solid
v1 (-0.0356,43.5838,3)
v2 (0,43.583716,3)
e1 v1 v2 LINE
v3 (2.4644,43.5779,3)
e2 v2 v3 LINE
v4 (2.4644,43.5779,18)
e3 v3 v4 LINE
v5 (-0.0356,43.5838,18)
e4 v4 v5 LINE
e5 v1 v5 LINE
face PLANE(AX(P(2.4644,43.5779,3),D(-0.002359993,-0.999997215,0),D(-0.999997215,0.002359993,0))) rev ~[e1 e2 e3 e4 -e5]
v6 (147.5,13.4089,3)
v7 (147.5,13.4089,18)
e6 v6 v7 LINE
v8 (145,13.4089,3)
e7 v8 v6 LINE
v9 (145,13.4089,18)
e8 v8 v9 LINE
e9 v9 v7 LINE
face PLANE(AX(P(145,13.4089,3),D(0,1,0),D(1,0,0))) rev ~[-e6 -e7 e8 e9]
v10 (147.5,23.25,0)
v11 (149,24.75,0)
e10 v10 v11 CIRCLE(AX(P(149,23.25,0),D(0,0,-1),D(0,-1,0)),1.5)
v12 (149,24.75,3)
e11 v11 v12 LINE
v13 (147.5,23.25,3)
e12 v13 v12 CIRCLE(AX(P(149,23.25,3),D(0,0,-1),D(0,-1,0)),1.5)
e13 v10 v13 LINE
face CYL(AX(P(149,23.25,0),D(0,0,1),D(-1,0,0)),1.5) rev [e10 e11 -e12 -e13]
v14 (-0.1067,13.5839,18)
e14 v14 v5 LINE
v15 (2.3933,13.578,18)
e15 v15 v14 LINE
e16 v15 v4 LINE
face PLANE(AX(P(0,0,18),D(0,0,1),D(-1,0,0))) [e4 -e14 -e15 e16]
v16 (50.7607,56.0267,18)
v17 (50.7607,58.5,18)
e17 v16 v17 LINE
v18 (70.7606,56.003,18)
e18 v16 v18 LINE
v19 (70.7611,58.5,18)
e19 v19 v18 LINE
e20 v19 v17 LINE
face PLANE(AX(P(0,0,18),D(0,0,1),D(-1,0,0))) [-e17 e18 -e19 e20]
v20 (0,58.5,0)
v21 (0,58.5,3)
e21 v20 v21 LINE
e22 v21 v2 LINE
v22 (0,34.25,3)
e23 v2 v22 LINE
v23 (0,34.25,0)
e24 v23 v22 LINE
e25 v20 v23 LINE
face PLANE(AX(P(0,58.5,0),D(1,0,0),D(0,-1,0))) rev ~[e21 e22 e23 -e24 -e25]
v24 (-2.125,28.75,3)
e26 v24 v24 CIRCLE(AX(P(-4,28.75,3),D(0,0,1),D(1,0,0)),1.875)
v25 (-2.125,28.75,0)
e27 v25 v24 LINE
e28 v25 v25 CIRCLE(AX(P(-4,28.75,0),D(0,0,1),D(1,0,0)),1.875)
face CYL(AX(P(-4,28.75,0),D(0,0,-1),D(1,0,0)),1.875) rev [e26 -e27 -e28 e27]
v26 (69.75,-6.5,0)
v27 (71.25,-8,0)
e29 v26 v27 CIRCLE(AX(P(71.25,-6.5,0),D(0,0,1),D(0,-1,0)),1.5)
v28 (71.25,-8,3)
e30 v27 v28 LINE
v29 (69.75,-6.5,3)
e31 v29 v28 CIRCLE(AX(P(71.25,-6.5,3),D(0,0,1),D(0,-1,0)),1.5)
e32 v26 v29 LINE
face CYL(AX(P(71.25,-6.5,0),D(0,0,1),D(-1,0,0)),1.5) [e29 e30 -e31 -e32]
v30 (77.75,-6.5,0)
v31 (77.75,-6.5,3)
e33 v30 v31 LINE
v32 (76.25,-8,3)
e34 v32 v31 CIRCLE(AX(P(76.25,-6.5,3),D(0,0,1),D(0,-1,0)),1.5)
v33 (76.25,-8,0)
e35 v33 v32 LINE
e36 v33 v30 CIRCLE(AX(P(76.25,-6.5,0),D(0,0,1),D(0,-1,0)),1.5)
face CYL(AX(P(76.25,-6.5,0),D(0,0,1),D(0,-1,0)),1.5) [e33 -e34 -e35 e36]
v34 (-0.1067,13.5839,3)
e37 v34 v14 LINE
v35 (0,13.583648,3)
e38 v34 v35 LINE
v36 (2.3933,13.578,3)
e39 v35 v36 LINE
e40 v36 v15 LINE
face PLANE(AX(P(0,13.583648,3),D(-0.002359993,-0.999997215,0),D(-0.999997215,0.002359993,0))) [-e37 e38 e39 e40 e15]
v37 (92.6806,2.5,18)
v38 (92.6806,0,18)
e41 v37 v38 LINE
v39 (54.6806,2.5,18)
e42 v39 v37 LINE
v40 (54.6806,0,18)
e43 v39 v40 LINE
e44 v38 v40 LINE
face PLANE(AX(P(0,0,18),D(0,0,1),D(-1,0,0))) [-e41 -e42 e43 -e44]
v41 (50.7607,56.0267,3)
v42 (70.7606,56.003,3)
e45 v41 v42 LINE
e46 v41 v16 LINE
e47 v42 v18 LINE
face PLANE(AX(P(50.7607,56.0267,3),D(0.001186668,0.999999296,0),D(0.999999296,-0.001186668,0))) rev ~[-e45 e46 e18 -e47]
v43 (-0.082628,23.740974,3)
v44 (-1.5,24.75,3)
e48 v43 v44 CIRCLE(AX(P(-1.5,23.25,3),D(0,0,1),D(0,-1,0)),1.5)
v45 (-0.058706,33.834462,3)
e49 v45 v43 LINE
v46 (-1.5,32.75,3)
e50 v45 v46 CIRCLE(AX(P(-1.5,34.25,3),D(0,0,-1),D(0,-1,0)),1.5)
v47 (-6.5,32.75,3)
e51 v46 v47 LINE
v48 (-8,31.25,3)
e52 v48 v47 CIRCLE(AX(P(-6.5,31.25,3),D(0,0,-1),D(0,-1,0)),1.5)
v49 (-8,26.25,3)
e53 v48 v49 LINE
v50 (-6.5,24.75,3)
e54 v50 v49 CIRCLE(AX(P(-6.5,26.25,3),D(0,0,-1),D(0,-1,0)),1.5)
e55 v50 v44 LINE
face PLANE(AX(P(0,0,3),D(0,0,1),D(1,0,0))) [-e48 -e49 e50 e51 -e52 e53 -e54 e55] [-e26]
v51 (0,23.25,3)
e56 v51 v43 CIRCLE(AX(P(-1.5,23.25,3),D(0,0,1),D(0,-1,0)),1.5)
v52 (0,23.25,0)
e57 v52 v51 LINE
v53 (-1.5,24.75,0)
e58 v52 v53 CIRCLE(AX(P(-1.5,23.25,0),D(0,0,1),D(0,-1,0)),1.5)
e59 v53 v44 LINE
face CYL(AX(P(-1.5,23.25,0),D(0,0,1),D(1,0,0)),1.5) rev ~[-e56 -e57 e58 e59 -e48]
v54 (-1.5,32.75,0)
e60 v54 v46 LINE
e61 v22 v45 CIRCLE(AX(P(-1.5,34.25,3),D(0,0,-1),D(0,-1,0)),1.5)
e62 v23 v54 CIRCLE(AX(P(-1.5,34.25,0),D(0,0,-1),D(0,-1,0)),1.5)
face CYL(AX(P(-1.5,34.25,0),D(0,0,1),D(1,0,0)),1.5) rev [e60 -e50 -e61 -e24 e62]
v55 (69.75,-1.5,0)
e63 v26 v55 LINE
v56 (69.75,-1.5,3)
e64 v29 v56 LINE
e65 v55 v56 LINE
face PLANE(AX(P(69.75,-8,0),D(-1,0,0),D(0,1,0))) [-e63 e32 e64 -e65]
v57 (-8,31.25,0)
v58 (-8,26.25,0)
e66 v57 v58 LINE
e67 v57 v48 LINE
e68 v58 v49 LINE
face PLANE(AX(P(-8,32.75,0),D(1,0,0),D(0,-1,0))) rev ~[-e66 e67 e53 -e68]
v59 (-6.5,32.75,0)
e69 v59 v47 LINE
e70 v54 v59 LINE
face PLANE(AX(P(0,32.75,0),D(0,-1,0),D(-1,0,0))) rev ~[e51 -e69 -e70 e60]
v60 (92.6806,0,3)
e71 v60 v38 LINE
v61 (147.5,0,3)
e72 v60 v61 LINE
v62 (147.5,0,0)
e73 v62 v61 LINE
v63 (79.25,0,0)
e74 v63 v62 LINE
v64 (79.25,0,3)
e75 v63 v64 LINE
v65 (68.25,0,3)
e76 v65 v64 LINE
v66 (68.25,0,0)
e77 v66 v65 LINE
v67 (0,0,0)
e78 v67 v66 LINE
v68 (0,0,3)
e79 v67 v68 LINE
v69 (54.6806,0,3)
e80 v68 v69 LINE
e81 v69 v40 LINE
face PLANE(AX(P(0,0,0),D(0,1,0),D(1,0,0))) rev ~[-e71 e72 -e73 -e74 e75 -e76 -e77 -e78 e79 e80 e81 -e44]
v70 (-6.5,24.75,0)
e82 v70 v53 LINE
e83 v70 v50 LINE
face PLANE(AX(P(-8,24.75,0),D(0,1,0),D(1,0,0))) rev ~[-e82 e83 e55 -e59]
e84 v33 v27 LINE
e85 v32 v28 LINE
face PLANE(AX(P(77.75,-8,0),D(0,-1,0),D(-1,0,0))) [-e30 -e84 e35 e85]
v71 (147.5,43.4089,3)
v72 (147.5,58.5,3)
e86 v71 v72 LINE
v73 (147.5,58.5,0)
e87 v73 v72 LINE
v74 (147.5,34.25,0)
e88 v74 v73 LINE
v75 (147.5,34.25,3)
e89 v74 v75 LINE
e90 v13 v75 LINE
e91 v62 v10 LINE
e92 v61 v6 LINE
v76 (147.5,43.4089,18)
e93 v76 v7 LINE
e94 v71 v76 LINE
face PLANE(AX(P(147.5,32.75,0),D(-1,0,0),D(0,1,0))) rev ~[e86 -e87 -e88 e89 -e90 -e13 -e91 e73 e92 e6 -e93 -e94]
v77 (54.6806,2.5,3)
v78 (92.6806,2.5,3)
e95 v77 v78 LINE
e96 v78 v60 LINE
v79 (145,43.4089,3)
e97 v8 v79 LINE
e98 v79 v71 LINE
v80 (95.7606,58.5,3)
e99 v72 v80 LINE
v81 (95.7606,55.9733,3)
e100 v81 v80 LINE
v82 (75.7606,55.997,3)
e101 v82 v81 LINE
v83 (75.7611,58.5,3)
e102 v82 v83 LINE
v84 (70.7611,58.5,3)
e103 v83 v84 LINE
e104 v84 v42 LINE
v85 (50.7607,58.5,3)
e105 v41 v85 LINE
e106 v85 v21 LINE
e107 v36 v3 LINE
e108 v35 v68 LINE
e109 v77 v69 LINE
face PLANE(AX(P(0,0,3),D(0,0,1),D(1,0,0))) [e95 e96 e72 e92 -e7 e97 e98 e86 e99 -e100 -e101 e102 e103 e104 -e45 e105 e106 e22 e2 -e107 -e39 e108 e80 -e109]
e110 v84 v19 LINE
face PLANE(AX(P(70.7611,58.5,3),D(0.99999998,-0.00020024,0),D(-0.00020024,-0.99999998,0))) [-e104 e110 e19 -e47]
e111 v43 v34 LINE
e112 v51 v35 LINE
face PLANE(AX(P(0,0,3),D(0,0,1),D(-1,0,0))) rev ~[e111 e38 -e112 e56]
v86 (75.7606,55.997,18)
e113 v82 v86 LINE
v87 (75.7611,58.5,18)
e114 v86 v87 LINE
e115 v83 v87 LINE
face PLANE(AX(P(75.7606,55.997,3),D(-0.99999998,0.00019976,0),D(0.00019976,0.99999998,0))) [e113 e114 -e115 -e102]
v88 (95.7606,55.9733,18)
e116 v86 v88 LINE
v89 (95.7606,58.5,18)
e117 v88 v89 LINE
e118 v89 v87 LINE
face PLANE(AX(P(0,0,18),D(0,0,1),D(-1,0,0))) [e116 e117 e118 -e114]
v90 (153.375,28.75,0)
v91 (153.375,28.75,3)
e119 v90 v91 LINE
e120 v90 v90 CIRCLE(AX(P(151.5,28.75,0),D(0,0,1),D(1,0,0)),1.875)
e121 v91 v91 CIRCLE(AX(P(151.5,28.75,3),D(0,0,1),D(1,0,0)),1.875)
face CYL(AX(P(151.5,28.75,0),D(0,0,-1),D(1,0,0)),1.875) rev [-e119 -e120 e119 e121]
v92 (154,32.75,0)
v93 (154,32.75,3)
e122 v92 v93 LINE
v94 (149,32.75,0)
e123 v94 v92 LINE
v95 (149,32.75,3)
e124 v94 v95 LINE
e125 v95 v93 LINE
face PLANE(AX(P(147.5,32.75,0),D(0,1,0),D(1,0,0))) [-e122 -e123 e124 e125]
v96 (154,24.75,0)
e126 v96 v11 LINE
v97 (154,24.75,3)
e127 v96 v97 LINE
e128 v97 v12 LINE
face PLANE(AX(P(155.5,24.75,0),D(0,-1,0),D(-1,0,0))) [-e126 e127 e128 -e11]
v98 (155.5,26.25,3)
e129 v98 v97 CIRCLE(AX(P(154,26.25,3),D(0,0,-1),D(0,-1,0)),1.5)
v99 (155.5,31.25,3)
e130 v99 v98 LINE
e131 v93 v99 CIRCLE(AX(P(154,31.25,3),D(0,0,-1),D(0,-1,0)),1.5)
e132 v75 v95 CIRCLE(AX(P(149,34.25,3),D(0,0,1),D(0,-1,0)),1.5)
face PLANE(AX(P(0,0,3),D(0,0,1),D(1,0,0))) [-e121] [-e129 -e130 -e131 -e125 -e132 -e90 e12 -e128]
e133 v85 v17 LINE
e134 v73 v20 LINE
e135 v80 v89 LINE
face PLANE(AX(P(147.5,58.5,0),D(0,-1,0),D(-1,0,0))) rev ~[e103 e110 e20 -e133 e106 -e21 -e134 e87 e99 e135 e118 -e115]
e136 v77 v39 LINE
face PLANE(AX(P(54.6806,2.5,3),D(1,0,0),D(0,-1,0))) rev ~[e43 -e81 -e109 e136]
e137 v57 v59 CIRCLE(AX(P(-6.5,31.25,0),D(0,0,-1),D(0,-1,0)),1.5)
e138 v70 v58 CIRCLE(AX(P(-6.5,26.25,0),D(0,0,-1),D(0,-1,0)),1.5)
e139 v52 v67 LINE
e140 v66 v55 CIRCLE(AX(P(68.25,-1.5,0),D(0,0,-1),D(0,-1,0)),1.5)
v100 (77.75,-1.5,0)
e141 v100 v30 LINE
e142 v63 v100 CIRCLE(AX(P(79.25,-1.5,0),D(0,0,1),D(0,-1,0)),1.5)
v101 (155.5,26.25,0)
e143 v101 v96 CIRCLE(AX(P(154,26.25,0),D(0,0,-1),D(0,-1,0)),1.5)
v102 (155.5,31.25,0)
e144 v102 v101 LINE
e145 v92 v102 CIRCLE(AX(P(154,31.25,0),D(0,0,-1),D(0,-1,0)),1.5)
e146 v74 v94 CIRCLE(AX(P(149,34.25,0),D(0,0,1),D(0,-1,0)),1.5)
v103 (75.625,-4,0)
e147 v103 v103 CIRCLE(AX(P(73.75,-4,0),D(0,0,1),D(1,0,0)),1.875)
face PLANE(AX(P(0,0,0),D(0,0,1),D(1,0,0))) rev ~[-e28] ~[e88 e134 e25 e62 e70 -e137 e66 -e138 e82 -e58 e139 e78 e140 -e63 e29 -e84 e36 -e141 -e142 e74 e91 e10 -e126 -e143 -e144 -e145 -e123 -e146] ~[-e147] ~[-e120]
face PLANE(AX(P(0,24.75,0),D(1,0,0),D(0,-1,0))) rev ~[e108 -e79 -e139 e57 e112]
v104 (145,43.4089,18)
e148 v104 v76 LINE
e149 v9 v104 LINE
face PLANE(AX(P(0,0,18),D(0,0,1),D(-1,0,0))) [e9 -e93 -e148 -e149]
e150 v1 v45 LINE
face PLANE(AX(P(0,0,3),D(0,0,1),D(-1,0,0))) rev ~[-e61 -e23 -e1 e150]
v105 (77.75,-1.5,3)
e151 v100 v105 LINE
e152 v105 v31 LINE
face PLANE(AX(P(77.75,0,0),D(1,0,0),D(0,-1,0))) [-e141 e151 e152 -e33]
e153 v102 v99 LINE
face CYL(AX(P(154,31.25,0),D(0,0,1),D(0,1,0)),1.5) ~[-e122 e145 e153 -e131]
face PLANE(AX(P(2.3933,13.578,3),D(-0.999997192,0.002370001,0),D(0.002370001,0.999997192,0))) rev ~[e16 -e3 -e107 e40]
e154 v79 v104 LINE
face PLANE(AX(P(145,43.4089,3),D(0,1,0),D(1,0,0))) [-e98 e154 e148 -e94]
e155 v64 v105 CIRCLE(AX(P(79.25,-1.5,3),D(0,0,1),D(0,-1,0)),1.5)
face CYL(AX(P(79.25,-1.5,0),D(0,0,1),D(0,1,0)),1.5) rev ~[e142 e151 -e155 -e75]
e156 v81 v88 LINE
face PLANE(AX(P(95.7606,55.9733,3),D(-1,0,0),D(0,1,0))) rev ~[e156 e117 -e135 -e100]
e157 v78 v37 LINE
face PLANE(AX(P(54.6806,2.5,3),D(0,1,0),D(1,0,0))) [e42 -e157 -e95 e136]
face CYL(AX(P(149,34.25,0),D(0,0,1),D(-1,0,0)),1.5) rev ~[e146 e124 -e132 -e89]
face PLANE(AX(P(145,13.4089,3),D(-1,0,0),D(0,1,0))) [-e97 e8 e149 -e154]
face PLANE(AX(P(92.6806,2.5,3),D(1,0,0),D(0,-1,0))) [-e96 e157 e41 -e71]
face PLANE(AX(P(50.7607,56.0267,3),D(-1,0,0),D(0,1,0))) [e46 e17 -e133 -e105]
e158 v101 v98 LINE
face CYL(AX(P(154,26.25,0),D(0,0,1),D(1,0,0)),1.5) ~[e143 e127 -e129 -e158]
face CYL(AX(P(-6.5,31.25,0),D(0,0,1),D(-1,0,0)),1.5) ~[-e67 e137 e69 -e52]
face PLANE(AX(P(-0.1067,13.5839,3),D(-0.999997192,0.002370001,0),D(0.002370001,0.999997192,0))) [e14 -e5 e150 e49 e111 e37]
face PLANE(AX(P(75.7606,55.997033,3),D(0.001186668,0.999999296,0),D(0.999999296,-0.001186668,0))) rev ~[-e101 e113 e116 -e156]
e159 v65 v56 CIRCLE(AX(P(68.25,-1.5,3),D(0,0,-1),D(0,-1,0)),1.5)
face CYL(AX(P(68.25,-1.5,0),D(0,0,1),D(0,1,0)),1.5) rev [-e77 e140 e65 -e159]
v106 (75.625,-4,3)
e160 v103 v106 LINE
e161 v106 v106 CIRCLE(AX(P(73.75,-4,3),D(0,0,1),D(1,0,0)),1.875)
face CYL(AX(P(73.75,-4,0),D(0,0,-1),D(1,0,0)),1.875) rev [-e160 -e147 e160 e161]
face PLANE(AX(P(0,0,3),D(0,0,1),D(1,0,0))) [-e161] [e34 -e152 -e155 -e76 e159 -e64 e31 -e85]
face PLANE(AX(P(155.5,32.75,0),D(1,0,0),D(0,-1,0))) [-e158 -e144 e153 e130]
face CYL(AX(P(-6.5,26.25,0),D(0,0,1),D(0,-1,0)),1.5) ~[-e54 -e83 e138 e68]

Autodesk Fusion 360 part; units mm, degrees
sketch "Sketch2" plane through (0, 0, 0) normal (0, 0, 1) x (1, 0, 0)
  line L0 (0, 0) -> (147.5, 0)
  line L1 (147.5, 0) -> (147.5, 58.5)
  line L2 (147.5, 58.5) -> (0, 58.5)
  line L3 (0, 58.5) -> (0, 0)
  line L4 (69.75, 0) -> (77.75, 0)
  line L5 (77.75, 0) -> (77.75, -8)
  line L6 (77.75, -8) -> (69.75, -8)
  line L7 (69.75, -8) -> (69.75, 0)
  line L8 (147.5, 24.75) -> (147.5, 32.75)
  line L9 (147.5, 32.75) -> (155.5, 32.75)
  line L10 (155.5, 32.75) -> (155.5, 24.75)
  line L11 (155.5, 24.75) -> (147.5, 24.75)
  line L12 (73.75, 58.5) -> (73.75, 0) construction
  line L13 (147.5, 28.75) -> (155.5, 28.75) construction
  line L14 (151.5, 32.75) -> (151.5, 24.75) construction
  circle A0 centre (151.5, 28.75) radius 1.875
  line L15 (-8, 24.75) -> (0, 24.75)
  line L16 (-8, 32.75) -> (-8, 24.75)
  line L17 (0, 32.75) -> (-8, 32.75)
  circle A1 centre (-4, 28.75) radius 1.875
  line L18 (69.75, -4) -> (77.75, -4) construction
  line L19 (73.75, 0) -> (73.75, -8) construction
  circle A2 centre (73.75, -4) radius 1.875
  point P0 (73.75, 0)
  point P1 (147.5, 28.75)
  point P2 (-8, 28.75)
  dimension "d8" = 147.5
  dimension "d9" = 58.5
  dimension "d12" = 8
  dimension "d13" = 8
  dimension "d14" = 8
  dimension "d15" = 8
  dimension "d16" = 8
  dimension "d17" = 3.75
  dimension "d18" = 3.75
extrude "Extrude1" add sketch "Sketch2" along normal blind 3
fillet "Fillet1" radius 1.5 12 edges at (77.75, 0, 1.5) (77.75, -8, 1.5) (69.75, -8, 1.5) (69.75, 0, 1.5) (0, 24.75, 1.5) (-8, 24.75, 1.5) (-8, 32.75, 1.5) (0, 32.75, 1.5) (155.5, 32.75, 1.5) (147.5, 32.75, 1.5) (147.5, 24.75, 1.5) (155.5, 24.75, 1.5)
sketch "Sketch3" plane through (0, 0, 3) normal (0, 0, 1) x (-1, 0, 0)
  arc A0 (-154, -24.75) -> (-155.5, -26.25) centre (-154, -26.25) ccw
  line L0 (-155.5, -26.25) -> (-155.5, -31.25)
  arc A1 (-155.5, -31.25) -> (-154, -32.75) centre (-154, -31.25) ccw
  line L1 (-154, -32.75) -> (-149, -32.75)
  arc A2 (-147.5, -34.25) -> (-149, -32.75) centre (-149, -34.25) ccw
  line L2 (-147.5, -34.25) -> (-147.5, -58.5)
  line L3 (-147.5, -58.5) -> (0, -58.5)
  line L4 (0, -58.5) -> (0, -34.25)
  arc A3 (1.5, -32.75) -> (0, -34.25) centre (1.5, -34.25) ccw
  line L5 (1.5, -32.75) -> (6.5, -32.75)
  arc A4 (6.5, -32.75) -> (8, -31.25) centre (6.5, -31.25) ccw
  line L6 (8, -31.25) -> (8, -26.25)
  arc A5 (8, -26.25) -> (6.5, -24.75) centre (6.5, -26.25) ccw
  line L7 (6.5, -24.75) -> (1.5, -24.75)
  arc A6 (0, -23.25) -> (1.5, -24.75) centre (1.5, -23.25) ccw
  line L8 (0, -23.25) -> (0, 0)
  line L9 (0, 0) -> (-68.25, 0)
  arc A7 (-69.75, 1.5) -> (-68.25, 0) centre (-68.25, 1.5) ccw
  line L10 (-69.75, 1.5) -> (-69.75, 6.5)
  arc A8 (-69.75, 6.5) -> (-71.25, 8) centre (-71.25, 6.5) ccw
  line L11 (-71.25, 8) -> (-76.25, 8)
  arc A9 (-76.25, 8) -> (-77.75, 6.5) centre (-76.25, 6.5) ccw
  line L12 (-77.75, 6.5) -> (-77.75, 1.5)
  arc A10 (-79.25, 0) -> (-77.75, 1.5) centre (-79.25, 1.5) ccw
  line L13 (-79.25, 0) -> (-147.5, 0)
  line L14 (-147.5, 0) -> (-147.5, -23.25)
  arc A11 (-149, -24.75) -> (-147.5, -23.25) centre (-149, -23.25) ccw
  line L15 (-149, -24.75) -> (-154, -24.75)
  circle A12 centre (-151.5, -28.75) radius 1.875
  circle A13 centre (4, -28.75) radius 1.875
  circle A14 centre (-73.75, 4) radius 1.875
  line L16 (0, -2.5) -> (-147.5, -2.5) construction
  line L17 (-54.6806, -2.5) -> (-92.6806, -2.5)
  line L18 (-92.6806, -2.5) -> (-92.6806, 0)
  line L19 (-54.6806, -2.5) -> (-54.6806, 0)
  line L20 (-54.6806, 0) -> (-92.6806, 0)
  line L21 (-145, -57) -> (-145, 0) construction
  line L22 (-145, -13.4089) -> (-145, -43.4089)
  line L23 (-145, -43.4089) -> (-147.5, -43.4089)
  line L24 (-145, -13.4089) -> (-147.5, -13.4089)
  line L25 (-147.5, -13.4089) -> (-147.5, -43.4089)
  line L26 (-73.75, -58.5) -> (-73.6806, 0) construction
  line L27 (-2.3933, -13.578) -> (0.1067, -13.5839)
  line L28 (0.1067, -13.5839) -> (0.0356, -43.5838)
  line L29 (-2.4644, -43.5779) -> (0.0356, -43.5838)
  line L30 (-2.3933, -13.578) -> (-2.4644, -43.5779)
  line L31 (0, -56) -> (-147.5, -56) construction
  line L32 (-50.7607, -56.0267) -> (-95.7606, -55.9733)
  line L33 (-95.7606, -55.9733) -> (-95.7606, -58.5)
  line L34 (-50.7607, -56.0267) -> (-50.7607, -58.5)
  line L35 (-50.7607, -58.5) -> (-95.7606, -58.5)
  line L36 (-70.7606, -56.003) -> (-75.7606, -55.997)
  line L37 (-75.7606, -55.997) -> (-75.7611, -58.5)
  line L38 (-75.7611, -58.5) -> (-70.7611, -58.5)
  line L39 (-70.7611, -58.5) -> (-70.7606, -56.003)
  point P0 (-73.6806, -2.5)
  point P1 (-145, -28.4089)
  point P2 (-73.2606, -56)
  point P3 (-73.2606, -56)
  dimension "d23" = 2.5
  dimension "d24" = 38
  dimension "d25" = 2.5
  dimension "d26" = 30
  dimension "d27" = 2.5
  dimension "d28" = 45
  dimension "d29" = 5
extrude "Extrude2" add sketch "Sketch3" along normal blind 15 contours L2 L14 L22 L23 L24 L25 | L9 L13 L17 L18 L19 L20 | L3 L32 L33 L35 L37 | L3 L32 L34 L35 L39 | A6 L8 L27 L28 | L4 A3 A6 L8 L27 L28 L29 L30 | L4 A3 L28 L29
equation "controller_length = 144 mm"
equation "controller_width = 55 mm"
equation "mount_hole_diameter = 3.5 mm"
equation "base_thickness = 3 mm"
equation "wall_thickness = 2.5 mm"
equation "give = 1 mm"
equation "d8 = total_length"
equation "d9 = total_width"
equation "total_length = controller_length + wall_thickness + give"
equation "total_width = controller_width + give + wall_thickness"
equation "d19 = base_thickness"
equation "d23 = wall_thickness"
equation "d25 = wall_thickness"
equation "d27 = wall_thickness"
equation "d30 = wall_height"
equation "wall_height = 15 mm"
